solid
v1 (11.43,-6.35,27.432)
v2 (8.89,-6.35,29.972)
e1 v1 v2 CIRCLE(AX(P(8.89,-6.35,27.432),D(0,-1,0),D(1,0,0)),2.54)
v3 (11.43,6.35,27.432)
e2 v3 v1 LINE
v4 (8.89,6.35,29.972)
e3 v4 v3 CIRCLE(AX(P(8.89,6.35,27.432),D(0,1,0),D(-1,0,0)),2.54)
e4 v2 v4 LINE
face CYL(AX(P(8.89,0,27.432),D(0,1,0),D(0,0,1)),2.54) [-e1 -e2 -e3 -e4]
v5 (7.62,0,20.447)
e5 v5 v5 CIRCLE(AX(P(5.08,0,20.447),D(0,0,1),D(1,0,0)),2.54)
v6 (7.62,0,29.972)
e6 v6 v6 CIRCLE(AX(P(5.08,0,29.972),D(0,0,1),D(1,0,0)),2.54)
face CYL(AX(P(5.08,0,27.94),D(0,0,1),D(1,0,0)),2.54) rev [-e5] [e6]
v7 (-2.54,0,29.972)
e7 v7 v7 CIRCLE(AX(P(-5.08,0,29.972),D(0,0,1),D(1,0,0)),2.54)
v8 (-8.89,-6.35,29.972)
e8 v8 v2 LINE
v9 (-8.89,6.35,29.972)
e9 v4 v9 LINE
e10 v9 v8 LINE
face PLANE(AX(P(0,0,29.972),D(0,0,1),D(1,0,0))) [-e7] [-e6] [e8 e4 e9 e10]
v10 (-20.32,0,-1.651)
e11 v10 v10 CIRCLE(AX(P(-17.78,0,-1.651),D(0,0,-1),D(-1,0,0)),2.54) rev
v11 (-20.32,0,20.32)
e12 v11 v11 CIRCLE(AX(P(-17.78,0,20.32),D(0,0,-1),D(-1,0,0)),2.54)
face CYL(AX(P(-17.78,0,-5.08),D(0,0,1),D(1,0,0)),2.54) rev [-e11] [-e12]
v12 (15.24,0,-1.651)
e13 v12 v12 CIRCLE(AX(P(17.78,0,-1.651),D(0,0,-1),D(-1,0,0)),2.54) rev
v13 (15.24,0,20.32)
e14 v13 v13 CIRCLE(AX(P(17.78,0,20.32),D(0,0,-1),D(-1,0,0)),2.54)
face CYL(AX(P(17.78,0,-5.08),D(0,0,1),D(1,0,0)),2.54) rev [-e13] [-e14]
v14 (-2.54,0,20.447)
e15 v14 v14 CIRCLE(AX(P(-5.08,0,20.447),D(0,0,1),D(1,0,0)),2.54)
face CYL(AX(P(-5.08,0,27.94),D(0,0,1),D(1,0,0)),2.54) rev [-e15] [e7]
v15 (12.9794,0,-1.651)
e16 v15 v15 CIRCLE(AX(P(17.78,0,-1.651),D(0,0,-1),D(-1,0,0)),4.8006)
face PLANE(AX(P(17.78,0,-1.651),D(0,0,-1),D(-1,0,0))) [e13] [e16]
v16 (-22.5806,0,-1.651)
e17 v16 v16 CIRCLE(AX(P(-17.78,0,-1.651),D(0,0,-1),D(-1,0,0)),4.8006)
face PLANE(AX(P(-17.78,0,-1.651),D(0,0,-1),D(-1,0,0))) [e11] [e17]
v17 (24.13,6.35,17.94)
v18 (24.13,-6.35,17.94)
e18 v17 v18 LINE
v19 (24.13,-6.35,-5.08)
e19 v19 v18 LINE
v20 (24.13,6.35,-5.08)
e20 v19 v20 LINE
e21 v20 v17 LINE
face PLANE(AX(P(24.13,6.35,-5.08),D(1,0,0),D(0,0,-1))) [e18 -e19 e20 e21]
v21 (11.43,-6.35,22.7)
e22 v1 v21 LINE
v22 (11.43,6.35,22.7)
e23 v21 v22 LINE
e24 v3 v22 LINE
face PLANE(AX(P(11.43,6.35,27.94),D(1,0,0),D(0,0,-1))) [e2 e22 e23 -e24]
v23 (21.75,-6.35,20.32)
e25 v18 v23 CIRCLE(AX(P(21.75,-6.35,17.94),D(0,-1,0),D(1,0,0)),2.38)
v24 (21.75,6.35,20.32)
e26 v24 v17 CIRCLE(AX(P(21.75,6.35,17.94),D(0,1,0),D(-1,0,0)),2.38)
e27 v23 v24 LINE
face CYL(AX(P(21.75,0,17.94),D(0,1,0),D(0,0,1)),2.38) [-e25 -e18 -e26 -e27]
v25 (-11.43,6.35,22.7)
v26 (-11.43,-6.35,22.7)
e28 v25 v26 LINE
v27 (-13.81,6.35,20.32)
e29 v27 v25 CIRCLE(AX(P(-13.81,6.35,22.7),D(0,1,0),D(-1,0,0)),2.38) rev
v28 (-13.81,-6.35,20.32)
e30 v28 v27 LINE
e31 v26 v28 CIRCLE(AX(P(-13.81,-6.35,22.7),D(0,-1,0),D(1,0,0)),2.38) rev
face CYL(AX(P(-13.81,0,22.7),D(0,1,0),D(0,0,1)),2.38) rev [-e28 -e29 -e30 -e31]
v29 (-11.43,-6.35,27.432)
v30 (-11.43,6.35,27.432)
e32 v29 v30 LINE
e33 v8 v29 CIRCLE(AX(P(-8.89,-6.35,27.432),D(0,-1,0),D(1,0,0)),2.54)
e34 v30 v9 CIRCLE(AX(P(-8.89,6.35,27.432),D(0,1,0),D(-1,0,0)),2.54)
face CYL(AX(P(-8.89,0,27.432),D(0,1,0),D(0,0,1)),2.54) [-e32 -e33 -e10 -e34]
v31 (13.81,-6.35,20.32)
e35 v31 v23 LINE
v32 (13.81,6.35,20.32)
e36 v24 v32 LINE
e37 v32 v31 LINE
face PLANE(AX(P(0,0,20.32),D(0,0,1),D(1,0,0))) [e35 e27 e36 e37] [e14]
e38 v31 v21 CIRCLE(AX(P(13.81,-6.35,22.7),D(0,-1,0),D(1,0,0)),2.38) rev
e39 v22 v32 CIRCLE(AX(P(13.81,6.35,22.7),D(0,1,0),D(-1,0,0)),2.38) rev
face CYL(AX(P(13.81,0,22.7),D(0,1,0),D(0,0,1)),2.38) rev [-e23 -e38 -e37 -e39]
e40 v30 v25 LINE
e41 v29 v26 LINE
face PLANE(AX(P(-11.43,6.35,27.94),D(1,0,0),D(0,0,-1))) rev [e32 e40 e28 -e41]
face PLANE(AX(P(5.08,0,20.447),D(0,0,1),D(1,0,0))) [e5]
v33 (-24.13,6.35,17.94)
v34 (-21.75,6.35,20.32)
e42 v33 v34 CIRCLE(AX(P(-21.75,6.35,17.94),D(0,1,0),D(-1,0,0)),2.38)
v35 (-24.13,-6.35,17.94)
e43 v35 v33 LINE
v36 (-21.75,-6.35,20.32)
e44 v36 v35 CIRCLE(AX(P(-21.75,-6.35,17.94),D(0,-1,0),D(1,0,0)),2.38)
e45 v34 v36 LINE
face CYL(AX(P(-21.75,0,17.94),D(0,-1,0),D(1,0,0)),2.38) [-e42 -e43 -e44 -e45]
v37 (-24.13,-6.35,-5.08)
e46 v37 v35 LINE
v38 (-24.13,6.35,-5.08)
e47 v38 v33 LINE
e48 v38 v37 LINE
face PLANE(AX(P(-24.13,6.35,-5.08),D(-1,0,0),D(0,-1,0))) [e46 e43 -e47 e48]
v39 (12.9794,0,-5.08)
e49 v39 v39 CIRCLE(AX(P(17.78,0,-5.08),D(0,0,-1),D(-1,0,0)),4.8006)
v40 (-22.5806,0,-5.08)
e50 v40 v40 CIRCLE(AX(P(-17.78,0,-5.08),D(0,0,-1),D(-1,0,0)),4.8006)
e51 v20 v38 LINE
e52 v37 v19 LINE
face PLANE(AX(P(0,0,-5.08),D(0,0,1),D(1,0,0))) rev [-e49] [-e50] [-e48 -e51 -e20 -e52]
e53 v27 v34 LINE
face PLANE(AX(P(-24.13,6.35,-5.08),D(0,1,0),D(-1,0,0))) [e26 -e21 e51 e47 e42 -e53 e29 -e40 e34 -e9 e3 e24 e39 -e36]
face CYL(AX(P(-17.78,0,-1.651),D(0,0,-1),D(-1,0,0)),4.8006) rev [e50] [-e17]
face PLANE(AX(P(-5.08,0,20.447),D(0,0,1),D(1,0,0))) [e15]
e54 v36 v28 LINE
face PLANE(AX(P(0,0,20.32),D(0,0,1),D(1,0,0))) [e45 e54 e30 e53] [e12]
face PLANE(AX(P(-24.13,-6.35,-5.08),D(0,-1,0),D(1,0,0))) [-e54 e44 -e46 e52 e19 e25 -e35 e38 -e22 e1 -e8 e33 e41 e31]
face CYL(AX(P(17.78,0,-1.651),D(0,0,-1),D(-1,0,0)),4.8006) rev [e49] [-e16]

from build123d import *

# Parameters (mm, degrees)
SKETCH1_W            = 48.26
SKETCH1_H            = 12.7
SKETCH1_R            = 2.54
BOSS_EXTRUDE2_DEPTH  = 5.08
SKETCH3_R            = 2.54
CUT_EXTRUDE1_DEPTH   = 6.08
SKETCH4_W            = 3.81
SKETCH4_H            = 12.7
BOSS_EXTRUDE5_DEPTH  = 27.94
SKETCH5_W            = 3.81
SKETCH5_H            = 12.7
BOSS_EXTRUDE6_DEPTH  = 27.94
SKETCH7_W            = 22.86
SKETCH7_H            = 12.7
BOSS_EXTRUDE8_DEPTH  = 2.032
SKETCH10_R           = 2.54
CUT_EXTRUDE4_DEPTH   = 2.032
SKETCH11_R           = 2.54
CUT_EXTRUDE5_DEPTH   = 2.032
FILLET12_R           = 2.54
SKETCH12_W           = 15.24
SKETCH12_H           = 12.7
BOSS_EXTRUDE9_DEPTH  = 27.94
SKETCH13_R           = 2.54
CUT_EXTRUDE6_DEPTH   = 7.493
SKETCH14_R           = 2.54
CUT_EXTRUDE7_DEPTH   = 7.493
SKETCH20_R           = 4.8006
CUT_EXTRUDE13_DEPTH  = 3.429
SKETCH21_W           = 12.7
SKETCH21_H           = 12.7
BOSS_EXTRUDE10_DEPTH = 20.32
SKETCH22_R           = 2.54
CUT_EXTRUDE14_DEPTH  = 20.32
SKETCH23_W           = 12.7
SKETCH23_H           = 12.7
BOSS_EXTRUDE11_DEPTH = 20.32
SKETCH24_R           = 2.54
CUT_EXTRUDE15_DEPTH  = 25.4
SKETCH26_R           = 4.8006
CUT_EXTRUDE16_DEPTH  = 3.429
FILLET15_R           = 2.38
FILLET16_R           = 2.38
FILLET17_R           = 2.38


with BuildPart() as part:
    # Sketch1 → Boss-Extrude2 (new body)
    with BuildSketch(Plane.XY):
        Rectangle(SKETCH1_W, SKETCH1_H)
        with Locations((-17.78, 0)):
            Circle(SKETCH1_R, mode=Mode.SUBTRACT)
    extrude(amount=-BOSS_EXTRUDE2_DEPTH)

    # Sketch3 → Cut-Extrude1 (cut, through all)
    with BuildSketch(Plane.XY):
        with Locations((17.78, 0)):
            Circle(SKETCH3_R)
    extrude(amount=-CUT_EXTRUDE1_DEPTH, mode=Mode.SUBTRACT)

    # Sketch4 → Boss-Extrude5 (add)
    with BuildSketch(Plane.XY):
        with Locations((-9.525, 0)):
            Rectangle(SKETCH4_W, SKETCH4_H)
    extrude(amount=BOSS_EXTRUDE5_DEPTH)

    # Sketch5 → Boss-Extrude6 (add)
    with BuildSketch(Plane.XY):
        with Locations((9.525, 0)):
            Rectangle(SKETCH5_W, SKETCH5_H)
    extrude(amount=BOSS_EXTRUDE6_DEPTH)

    # Sketch7 → Boss-Extrude8 (add)
    with BuildSketch(Plane.XY.offset(27.94)):
        Rectangle(SKETCH7_W, SKETCH7_H)
    extrude(amount=BOSS_EXTRUDE8_DEPTH)

    # Sketch10 → Cut-Extrude4 (cut)
    with BuildSketch(Plane.XY.offset(29.972)):
        with Locations((-5.08, 0)):
            Circle(SKETCH10_R)
    extrude(amount=-CUT_EXTRUDE4_DEPTH, mode=Mode.SUBTRACT)

    # Sketch11 → Cut-Extrude5 (cut)
    with BuildSketch(Plane.XY.offset(29.972)):
        with Locations((5.08, 0)):
            Circle(SKETCH11_R)
    extrude(amount=-CUT_EXTRUDE5_DEPTH, mode=Mode.SUBTRACT)

    # Fillet12
    fillet12_edges = [part.edges().sort_by_distance(p)[0] for p in [
        (-11.43, 0, 29.972),
        (11.43, 0, 29.972),
    ]]
    fillet(fillet12_edges, radius=FILLET12_R)

    # Sketch12 → Boss-Extrude9 (add)
    with BuildSketch(Plane.XY):
        Rectangle(SKETCH12_W, SKETCH12_H)
    extrude(amount=BOSS_EXTRUDE9_DEPTH)

    # Sketch13 → Cut-Extrude6 (cut)
    with BuildSketch(Plane.XY.offset(27.94)):
        with Locations((-5.08, 0)):
            Circle(SKETCH13_R)
    extrude(amount=-CUT_EXTRUDE6_DEPTH, mode=Mode.SUBTRACT)

    # Sketch14 → Cut-Extrude7 (cut)
    with BuildSketch(Plane.XY.offset(27.94)):
        with Locations((5.08, 0)):
            Circle(SKETCH14_R)
    extrude(amount=-CUT_EXTRUDE7_DEPTH, mode=Mode.SUBTRACT)

    # Sketch20 → Cut-Extrude13 (cut)
    with BuildSketch(Plane(origin=(0, 0, -5.08), x_dir=(-1, 0, 0), z_dir=(0, 0, -1))):
        with Locations((17.78, 0)):
            Circle(SKETCH20_R)
    extrude(amount=-CUT_EXTRUDE13_DEPTH, mode=Mode.SUBTRACT)

    # Sketch21 → Boss-Extrude10 (add)
    with BuildSketch(Plane.XY):
        with Locations((-17.78, 0)):
            Rectangle(SKETCH21_W, SKETCH21_H)
    extrude(amount=BOSS_EXTRUDE10_DEPTH)

    # Sketch22 → Cut-Extrude14 (cut)
    with BuildSketch(Plane(origin=(0, 0, 0), x_dir=(-1, 0, 0), z_dir=(0, 0, -1))):
        with Locations((17.78, 0)):
            Circle(SKETCH22_R)
    extrude(amount=-CUT_EXTRUDE14_DEPTH, mode=Mode.SUBTRACT)

    # Sketch23 → Boss-Extrude11 (add)
    with BuildSketch(Plane.XY):
        with Locations((17.78, 0)):
            Rectangle(SKETCH23_W, SKETCH23_H)
    extrude(amount=BOSS_EXTRUDE11_DEPTH)

    # Sketch24 → Cut-Extrude15 (cut)
    with BuildSketch(Plane(origin=(0, 0, -5.08), x_dir=(-1, 0, 0), z_dir=(0, 0, -1))):
        with Locations((-17.78, 0)):
            Circle(SKETCH24_R)
    extrude(amount=-CUT_EXTRUDE15_DEPTH, mode=Mode.SUBTRACT)

    # Sketch26 → Cut-Extrude16 (cut)
    with BuildSketch(Plane(origin=(0, 0, -5.08), x_dir=(-1, 0, 0), z_dir=(0, 0, -1))):
        with Locations((-17.78, 0)):
            Circle(SKETCH26_R)
    extrude(amount=-CUT_EXTRUDE16_DEPTH, mode=Mode.SUBTRACT)

    # Fillet15
    fillet15_edges = [part.edges().sort_by_distance(p)[0] for p in [
        (11.43, 0, 20.32),
    ]]
    fillet(fillet15_edges, radius=FILLET15_R)

    # Fillet16
    fillet16_edges = [part.edges().sort_by_distance(p)[0] for p in [
        (-11.43, 0, 20.32),
    ]]
    fillet(fillet16_edges, radius=FILLET16_R)

    # Fillet17
    fillet17_edges = [part.edges().sort_by_distance(p)[0] for p in [
        (-24.13, 0, 20.32),
        (24.13, 0, 20.32),
    ]]
    fillet(fillet17_edges, radius=FILLET17_R)


solid = part.part
